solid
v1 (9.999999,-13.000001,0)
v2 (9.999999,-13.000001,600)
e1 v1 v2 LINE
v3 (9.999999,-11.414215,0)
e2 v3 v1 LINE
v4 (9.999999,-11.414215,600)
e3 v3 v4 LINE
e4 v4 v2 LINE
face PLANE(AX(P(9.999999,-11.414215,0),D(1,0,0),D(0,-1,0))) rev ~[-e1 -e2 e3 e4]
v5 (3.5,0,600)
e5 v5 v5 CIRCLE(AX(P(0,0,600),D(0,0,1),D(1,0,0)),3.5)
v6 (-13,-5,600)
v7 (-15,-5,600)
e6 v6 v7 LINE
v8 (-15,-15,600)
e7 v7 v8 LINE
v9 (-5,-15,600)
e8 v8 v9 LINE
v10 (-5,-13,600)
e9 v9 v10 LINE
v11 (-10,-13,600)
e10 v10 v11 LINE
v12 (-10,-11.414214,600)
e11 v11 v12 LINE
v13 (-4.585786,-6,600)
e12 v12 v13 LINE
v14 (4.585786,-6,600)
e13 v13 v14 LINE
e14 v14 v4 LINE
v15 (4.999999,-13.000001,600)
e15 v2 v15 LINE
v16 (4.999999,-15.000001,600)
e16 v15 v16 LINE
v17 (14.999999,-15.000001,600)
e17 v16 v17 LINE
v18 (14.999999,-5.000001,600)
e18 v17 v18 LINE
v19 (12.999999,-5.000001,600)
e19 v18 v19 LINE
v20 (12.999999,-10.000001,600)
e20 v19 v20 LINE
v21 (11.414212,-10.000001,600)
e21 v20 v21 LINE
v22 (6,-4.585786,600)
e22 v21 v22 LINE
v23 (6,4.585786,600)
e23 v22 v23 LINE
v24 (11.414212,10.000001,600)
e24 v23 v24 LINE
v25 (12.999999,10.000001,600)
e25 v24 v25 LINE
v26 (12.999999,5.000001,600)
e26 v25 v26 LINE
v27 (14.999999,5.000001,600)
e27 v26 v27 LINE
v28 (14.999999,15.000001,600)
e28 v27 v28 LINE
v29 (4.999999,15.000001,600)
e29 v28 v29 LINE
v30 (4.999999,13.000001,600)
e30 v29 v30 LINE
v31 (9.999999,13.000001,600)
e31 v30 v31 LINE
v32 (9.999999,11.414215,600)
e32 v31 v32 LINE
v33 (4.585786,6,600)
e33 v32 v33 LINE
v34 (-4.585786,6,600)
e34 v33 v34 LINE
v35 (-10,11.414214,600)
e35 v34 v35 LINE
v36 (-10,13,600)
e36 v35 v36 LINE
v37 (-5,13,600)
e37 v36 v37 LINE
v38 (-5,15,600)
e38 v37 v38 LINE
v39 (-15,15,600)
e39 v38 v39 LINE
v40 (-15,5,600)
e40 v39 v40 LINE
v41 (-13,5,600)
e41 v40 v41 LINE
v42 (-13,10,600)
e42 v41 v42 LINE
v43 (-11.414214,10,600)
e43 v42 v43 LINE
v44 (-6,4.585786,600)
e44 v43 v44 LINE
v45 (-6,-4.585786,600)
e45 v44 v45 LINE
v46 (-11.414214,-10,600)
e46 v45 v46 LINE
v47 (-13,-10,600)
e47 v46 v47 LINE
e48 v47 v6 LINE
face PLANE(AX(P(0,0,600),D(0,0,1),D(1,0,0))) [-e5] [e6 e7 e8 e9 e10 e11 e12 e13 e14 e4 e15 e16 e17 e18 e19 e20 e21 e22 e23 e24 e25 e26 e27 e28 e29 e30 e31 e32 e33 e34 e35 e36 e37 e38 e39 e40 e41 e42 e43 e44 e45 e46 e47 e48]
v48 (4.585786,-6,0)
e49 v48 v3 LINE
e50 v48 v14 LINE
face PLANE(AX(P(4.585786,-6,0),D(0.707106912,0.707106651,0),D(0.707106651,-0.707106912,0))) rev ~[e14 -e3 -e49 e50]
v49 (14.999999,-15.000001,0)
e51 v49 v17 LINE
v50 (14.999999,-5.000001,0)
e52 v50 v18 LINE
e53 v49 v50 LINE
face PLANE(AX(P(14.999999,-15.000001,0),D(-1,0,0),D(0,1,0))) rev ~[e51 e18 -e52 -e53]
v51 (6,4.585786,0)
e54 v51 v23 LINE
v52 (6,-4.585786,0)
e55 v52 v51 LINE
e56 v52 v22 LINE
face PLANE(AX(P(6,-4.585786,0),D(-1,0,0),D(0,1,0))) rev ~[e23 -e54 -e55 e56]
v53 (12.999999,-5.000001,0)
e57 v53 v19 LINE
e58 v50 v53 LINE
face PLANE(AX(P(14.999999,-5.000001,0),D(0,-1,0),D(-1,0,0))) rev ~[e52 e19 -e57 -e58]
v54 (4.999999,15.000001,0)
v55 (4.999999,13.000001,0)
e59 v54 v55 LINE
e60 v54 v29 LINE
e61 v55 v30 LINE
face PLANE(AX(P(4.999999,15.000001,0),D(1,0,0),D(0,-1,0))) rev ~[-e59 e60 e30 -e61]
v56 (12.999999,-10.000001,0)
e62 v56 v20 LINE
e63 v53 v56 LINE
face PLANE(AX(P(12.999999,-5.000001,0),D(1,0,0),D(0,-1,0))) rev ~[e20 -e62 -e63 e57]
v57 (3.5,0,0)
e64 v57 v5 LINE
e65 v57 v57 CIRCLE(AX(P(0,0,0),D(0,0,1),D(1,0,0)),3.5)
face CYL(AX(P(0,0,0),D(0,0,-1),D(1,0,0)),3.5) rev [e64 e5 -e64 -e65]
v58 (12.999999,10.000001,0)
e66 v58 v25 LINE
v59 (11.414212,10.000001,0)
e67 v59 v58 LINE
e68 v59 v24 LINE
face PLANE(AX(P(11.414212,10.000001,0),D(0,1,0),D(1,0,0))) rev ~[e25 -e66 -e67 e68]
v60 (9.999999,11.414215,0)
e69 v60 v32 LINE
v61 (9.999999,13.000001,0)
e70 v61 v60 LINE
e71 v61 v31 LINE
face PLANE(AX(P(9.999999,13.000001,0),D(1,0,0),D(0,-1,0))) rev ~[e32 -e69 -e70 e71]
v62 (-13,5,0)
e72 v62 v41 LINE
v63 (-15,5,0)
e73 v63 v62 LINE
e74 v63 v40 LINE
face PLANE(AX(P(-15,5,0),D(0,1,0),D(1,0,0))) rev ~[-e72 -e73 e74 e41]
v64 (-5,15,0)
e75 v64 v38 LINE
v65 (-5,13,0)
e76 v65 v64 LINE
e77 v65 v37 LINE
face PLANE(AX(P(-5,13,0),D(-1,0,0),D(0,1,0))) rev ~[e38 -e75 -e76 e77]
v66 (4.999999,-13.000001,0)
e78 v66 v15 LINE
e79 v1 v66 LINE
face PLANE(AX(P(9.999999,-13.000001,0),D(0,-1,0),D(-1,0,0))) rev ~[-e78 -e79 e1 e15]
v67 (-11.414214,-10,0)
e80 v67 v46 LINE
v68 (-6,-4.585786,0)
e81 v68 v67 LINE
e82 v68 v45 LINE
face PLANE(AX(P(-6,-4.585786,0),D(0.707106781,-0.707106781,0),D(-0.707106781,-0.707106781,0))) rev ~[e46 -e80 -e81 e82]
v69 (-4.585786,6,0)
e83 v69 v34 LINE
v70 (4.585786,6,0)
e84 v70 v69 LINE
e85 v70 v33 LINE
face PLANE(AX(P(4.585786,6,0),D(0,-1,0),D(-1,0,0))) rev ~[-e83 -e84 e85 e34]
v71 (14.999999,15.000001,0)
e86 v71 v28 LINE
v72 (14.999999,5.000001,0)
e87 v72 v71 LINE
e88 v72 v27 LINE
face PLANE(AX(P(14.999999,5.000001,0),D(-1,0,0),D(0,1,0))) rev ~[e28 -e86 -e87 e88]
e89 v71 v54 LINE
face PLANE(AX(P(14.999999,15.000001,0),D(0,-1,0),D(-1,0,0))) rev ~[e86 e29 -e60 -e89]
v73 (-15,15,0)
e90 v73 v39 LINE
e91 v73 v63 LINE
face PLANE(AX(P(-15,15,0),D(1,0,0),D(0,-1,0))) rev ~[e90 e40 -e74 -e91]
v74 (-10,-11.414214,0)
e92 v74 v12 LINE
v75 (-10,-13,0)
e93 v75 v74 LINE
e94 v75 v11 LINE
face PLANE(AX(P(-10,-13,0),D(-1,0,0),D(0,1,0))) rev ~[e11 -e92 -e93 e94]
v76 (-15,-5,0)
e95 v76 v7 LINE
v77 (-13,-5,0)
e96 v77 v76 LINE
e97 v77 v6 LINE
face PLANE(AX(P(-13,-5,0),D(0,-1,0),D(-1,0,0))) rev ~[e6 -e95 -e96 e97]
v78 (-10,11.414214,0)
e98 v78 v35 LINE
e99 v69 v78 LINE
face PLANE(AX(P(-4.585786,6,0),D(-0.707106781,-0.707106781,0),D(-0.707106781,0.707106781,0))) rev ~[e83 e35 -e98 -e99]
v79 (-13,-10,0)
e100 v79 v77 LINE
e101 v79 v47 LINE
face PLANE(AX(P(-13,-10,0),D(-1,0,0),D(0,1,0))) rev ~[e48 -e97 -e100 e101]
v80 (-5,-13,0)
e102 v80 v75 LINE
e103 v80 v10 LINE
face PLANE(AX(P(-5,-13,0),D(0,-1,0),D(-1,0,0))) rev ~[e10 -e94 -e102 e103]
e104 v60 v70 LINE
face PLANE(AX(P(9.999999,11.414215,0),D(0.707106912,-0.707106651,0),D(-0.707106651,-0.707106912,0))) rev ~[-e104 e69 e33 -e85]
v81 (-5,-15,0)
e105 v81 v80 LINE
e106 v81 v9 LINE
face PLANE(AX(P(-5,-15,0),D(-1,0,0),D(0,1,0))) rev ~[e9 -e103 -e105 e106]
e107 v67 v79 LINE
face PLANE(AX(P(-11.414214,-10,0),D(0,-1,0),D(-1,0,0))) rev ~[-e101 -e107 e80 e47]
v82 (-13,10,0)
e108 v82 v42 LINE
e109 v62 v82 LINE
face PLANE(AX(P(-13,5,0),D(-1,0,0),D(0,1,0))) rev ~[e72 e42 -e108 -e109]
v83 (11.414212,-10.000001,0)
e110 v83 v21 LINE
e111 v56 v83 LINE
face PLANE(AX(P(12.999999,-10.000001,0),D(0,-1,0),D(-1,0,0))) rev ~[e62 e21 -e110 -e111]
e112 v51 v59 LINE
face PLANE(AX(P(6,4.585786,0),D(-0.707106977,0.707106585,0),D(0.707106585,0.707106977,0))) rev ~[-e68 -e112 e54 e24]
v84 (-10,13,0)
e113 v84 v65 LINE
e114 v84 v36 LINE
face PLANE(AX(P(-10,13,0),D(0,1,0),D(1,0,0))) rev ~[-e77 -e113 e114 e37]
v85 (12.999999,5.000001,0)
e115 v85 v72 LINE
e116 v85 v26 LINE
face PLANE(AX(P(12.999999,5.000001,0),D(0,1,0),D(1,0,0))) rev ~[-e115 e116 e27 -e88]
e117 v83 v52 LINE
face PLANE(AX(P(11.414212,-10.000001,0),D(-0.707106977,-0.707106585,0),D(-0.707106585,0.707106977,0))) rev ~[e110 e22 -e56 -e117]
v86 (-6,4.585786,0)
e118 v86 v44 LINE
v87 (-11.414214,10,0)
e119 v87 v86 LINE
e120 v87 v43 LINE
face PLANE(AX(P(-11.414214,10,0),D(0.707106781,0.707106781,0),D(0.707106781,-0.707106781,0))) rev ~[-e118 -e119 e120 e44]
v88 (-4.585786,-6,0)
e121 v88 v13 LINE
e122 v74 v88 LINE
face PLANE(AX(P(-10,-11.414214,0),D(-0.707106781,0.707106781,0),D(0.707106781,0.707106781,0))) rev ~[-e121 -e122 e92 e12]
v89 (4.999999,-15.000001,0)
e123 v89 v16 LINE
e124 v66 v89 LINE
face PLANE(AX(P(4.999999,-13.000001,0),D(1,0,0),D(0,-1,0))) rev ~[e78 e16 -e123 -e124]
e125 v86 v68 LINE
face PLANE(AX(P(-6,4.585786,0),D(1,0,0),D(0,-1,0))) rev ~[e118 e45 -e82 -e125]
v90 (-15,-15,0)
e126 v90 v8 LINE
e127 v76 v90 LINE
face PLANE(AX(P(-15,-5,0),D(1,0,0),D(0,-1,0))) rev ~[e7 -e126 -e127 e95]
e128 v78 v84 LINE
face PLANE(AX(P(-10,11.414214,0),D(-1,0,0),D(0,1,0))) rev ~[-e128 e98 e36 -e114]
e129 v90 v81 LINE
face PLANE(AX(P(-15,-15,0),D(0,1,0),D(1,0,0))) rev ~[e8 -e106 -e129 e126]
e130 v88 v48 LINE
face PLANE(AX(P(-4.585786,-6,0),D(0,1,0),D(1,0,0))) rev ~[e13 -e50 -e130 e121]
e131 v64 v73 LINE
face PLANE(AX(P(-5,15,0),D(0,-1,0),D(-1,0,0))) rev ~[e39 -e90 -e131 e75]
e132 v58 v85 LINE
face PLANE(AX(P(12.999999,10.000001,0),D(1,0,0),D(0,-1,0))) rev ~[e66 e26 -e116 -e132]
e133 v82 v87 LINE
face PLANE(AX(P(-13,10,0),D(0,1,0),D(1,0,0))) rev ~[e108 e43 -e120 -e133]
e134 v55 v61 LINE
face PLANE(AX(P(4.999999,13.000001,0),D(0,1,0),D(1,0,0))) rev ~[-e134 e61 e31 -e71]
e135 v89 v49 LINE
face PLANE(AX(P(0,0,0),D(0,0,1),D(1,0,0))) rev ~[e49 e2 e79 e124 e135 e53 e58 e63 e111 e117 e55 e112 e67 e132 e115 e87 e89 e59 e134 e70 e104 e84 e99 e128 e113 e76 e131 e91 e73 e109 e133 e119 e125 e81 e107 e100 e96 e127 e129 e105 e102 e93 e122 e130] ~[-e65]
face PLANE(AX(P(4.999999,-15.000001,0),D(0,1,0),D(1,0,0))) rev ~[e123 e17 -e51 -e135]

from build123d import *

# Parameters (mm, degrees)
F0_R     = 3.5
F1_DEPTH = 600


with BuildPart() as f1:
    # F0 (on Top) → F1 (new body)
    with BuildSketch(Plane.XY):
        Polygon((4.585786, 6), (-4.585786, 6), (-10, 11.414214), (-10, 13), (-5, 13), (-5, 15), (-15, 15), (-15, 5), (-13, 5), (-13, 10), (-11.414214, 10), (-6, 4.585786), (-6, -4.585786), (-11.414214, -10), (-13, -10), (-13, -5), (-15, -5), (-15, -15), (-5, -15), (-5, -13), (-10, -13), (-10, -11.414214), (-4.585786, -6), (4.585786, -6), (9.999999, -11.414215), (9.999999, -13.000001), (4.999999, -13.000001), (4.999999, -15.000001), (14.999999, -15.000001), (14.999999, -5.000001), (12.999999, -5.000001), (12.999999, -10.000001), (11.414212, -10.000001), (6, -4.585786), (6, 4.585786), (11.414212, 10.000001), (12.999999, 10.000001), (12.999999, 5.000001), (14.999999, 5.000001), (14.999999, 15.000001), (4.999999, 15.000001), (4.999999, 13.000001), (9.999999, 13.000001), (9.999999, 11.414215), align=None)
        Circle(F0_R, mode=Mode.SUBTRACT)
    extrude(amount=F1_DEPTH)


solid = f1.part
